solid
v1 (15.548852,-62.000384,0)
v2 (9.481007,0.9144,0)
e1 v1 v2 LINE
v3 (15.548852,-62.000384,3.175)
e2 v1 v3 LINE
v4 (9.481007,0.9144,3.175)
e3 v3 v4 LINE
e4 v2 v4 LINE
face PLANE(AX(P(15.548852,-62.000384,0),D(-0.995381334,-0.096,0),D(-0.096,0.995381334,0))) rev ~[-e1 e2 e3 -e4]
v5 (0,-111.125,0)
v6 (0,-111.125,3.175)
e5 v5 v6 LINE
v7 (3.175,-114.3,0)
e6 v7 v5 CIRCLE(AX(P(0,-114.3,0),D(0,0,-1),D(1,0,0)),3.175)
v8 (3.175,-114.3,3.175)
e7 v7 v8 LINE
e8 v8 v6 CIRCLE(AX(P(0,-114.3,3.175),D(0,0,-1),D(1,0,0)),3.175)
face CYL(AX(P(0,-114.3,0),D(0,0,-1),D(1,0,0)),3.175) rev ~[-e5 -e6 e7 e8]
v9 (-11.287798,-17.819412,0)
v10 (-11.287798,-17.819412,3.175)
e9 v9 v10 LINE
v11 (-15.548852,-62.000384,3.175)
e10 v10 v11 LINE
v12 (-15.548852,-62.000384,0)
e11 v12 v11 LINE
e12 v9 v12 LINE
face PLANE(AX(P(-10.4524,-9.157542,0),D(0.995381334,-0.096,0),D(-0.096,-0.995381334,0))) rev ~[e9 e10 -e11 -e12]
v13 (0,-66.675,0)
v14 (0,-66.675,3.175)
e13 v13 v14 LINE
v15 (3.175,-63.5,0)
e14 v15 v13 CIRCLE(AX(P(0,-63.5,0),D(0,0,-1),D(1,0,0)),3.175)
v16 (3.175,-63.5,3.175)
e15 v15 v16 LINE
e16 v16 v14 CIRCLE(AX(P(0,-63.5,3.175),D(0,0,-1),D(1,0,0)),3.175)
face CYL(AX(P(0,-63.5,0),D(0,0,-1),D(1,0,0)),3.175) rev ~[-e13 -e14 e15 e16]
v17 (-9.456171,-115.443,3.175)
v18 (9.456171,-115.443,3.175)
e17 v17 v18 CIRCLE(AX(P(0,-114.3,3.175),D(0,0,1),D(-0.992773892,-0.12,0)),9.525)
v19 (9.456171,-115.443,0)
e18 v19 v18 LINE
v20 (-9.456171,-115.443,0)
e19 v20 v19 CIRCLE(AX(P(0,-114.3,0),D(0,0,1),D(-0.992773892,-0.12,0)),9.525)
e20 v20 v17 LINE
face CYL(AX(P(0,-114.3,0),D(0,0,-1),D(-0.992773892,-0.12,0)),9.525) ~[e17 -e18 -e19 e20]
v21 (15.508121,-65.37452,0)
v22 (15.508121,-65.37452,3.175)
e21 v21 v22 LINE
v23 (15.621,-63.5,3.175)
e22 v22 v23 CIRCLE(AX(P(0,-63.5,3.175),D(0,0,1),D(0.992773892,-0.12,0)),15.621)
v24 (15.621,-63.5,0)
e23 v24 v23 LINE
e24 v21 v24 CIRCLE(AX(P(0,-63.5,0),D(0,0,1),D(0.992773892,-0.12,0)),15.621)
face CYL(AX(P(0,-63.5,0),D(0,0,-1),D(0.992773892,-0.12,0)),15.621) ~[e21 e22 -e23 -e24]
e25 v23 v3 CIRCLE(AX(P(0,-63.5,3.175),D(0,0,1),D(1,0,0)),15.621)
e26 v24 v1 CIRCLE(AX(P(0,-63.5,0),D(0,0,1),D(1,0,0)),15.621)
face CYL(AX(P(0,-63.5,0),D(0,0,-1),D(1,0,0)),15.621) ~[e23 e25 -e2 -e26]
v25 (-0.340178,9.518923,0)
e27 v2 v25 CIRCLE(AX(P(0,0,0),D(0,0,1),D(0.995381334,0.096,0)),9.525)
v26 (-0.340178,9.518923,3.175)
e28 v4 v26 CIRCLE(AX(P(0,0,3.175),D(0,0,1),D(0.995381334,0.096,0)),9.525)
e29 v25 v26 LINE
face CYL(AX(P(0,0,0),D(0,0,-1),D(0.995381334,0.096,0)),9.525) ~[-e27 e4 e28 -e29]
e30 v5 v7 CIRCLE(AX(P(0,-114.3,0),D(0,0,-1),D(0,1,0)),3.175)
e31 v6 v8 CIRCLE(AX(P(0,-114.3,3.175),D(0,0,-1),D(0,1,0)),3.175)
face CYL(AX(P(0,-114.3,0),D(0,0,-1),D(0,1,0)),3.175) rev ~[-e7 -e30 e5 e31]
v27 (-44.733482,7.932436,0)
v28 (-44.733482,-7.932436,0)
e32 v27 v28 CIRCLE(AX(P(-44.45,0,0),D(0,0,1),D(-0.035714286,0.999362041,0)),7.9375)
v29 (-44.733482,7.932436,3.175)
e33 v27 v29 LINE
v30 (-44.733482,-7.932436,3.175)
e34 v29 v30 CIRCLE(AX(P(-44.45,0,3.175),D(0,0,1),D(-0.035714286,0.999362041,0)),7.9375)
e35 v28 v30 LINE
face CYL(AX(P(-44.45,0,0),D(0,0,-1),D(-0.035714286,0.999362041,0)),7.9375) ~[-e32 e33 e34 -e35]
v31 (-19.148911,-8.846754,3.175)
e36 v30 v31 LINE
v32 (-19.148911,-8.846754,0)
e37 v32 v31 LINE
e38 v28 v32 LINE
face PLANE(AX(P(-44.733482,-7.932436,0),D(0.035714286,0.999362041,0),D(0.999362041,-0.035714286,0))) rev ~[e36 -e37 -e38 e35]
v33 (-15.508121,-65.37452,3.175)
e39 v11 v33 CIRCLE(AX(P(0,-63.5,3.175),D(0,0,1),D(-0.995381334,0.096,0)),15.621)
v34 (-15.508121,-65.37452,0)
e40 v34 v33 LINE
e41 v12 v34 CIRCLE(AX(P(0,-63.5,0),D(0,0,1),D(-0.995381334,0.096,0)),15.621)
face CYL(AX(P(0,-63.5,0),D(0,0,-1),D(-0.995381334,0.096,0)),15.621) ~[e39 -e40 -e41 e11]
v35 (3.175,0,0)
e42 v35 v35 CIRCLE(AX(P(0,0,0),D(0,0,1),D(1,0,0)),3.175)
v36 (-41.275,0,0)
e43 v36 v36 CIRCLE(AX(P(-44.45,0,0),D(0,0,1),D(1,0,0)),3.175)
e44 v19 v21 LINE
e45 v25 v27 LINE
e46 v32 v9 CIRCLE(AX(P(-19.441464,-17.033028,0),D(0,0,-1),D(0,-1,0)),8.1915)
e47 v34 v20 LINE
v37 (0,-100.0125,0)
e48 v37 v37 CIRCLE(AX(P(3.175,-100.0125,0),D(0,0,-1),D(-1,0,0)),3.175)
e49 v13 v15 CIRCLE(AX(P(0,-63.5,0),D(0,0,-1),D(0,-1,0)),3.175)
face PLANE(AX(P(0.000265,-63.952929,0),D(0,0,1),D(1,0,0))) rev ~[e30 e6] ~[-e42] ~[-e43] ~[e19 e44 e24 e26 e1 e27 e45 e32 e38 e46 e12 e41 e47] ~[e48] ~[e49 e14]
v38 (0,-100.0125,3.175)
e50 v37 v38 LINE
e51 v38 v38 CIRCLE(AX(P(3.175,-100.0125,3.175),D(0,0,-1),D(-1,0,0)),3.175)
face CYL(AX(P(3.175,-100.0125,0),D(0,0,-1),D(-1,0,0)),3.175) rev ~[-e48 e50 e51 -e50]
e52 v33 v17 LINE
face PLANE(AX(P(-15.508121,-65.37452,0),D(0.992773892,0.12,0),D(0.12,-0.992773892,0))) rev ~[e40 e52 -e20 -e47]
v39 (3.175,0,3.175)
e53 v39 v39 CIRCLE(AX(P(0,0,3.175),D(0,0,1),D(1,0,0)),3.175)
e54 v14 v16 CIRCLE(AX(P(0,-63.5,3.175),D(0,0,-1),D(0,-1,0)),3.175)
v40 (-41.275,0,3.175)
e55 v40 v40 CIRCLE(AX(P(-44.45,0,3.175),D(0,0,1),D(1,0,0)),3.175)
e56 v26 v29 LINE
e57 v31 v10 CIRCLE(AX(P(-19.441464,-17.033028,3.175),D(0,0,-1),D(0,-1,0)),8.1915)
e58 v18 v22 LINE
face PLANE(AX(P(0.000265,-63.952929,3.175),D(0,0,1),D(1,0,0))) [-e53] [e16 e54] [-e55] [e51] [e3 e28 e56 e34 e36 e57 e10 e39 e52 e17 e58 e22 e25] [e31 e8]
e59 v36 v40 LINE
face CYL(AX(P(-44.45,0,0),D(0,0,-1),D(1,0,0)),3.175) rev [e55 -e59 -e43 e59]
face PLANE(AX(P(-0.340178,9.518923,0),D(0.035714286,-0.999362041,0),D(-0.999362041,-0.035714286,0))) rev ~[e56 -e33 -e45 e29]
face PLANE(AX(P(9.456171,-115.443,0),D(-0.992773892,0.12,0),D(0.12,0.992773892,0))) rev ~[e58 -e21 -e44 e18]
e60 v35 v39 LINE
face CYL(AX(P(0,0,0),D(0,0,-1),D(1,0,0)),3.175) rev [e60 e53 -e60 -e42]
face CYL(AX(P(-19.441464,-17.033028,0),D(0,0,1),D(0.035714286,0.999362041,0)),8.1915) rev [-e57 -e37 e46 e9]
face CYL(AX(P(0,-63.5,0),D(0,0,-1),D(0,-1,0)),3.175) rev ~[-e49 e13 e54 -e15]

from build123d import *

# Parameters (mm, degrees)
F0_R     = 3.175
F1_DEPTH = 3.175
F2_R     = 8.1915


with BuildPart() as f1:
    # F0 (on Top) → F1 (new body)
    with BuildSketch(Plane.XY):
        with BuildLine():
            ThreePointArc((-15.5081209619, -65.37452), (-10.36179917, -75.1896860078), (0, -79.121))
            ThreePointArc((0, -79.121), (10.36179917, -75.1896860078), (15.5081209619, -65.37452))
            ThreePointArc((15.5081209619, -65.37452), (15.5927547044, -64.4389577876), (15.621, -63.5))
            ThreePointArc((15.621, -63.5), (15.602952529, -62.7493247194), (15.5488518178, -62.000384))
            ThreePointArc((15.5488518178, -62.000384), (0, -47.879), (-15.5488518178, -62.000384))
            ThreePointArc((-15.5488518178, -62.000384), (-15.6198619711, -63.6885550396), (-15.5081209619, -65.37452))
        make_face()
        with BuildLine():
            ThreePointArc((0, -66.675), (-2.2450640303, -61.2549359697), (3.175, -63.5))
            ThreePointArc((3.175, -63.5), (2.2450640303, -65.7450640303), (0, -66.675))
        make_face(mode=Mode.SUBTRACT)
        with BuildLine():
            ThreePointArc((15.5081209619, -65.37452), (10.36179917, -75.1896860078), (0, -79.121))
            Line((0, -79.121), (0, -100.0125))
            Line((0, -100.0125), (0, -104.775))
            ThreePointArc((0, -104.775), (6.7351920908, -107.5648079092), (9.525, -114.3))
            ThreePointArc((9.525, -114.3), (9.5077772588, -114.8725352363), (9.4561713182, -115.443))
            Line((9.4561713182, -115.443), (15.5081209619, -65.37452))
        make_face()
        with BuildLine():
            ThreePointArc((6.35, -100.0125), (3.175, -103.1875), (0, -100.0125))
            ThreePointArc((0, -100.0125), (3.175, -96.8375), (6.35, -100.0125))
        make_face(mode=Mode.SUBTRACT)
        with BuildLine():
            Line((0, -100.0125), (0, -79.121))
            ThreePointArc((0, -79.121), (-10.36179917, -75.1896860078), (-15.5081209619, -65.37452))
            Line((-15.5081209619, -65.37452), (-9.4561713182, -115.443))
            ThreePointArc((-9.4561713182, -115.443), (-7.1278573218, -107.9818297744), (0, -104.775))
            Line((0, -104.775), (0, -100.0125))
        make_face()
        with BuildLine():
            ThreePointArc((9.525, -114.3), (6.7351920908, -107.5648079092), (0, -104.775))
            ThreePointArc((0, -104.775), (-7.1278573218, -107.9818297744), (-9.4561713182, -115.443))
            ThreePointArc((-9.4561713182, -115.443), (0, -123.825), (9.4561713182, -115.443))
            ThreePointArc((9.4561713182, -115.443), (9.5077772588, -114.8725352363), (9.525, -114.3))
        make_face()
        with BuildLine():
            ThreePointArc((3.175, -114.3), (-2.2450640303, -116.5450640303), (0, -111.125))
            ThreePointArc((0, -111.125), (2.2450640303, -112.0549359697), (3.175, -114.3))
        make_face(mode=Mode.SUBTRACT)
        with BuildLine():
            Line((-10.4524001899, -9.157542126), (-15.5488518178, -62.000384))
            ThreePointArc((-15.5488518178, -62.000384), (0, -47.879), (15.5488518178, -62.000384))
            Line((15.5488518178, -62.000384), (9.481007206, 0.9144))
            ThreePointArc((9.481007206, 0.9144), (9.5139954445, 0.4577288296), (9.525, 0))
            ThreePointArc((9.525, 0), (6.6138273175, -6.8544083052), (-0.3401786278, -9.5189234423))
            Line((-0.3401786278, -9.5189234423), (-10.4524001899, -9.157542126))
        make_face()
        with BuildLine():
            Line((-9.481007206, 0.9144), (-10.4524001899, -9.157542126))
            Line((-10.4524001899, -9.157542126), (-0.3401786278, -9.5189234423))
            ThreePointArc((-0.3401786278, -9.5189234423), (-7.164320087, -6.2767939819), (-9.481007206, 0.9144))
        make_face()
        with BuildLine():
            Line((-44.7334821429, -7.9324362036), (-10.4524001899, -9.157542126))
            Line((-10.4524001899, -9.157542126), (-9.481007206, 0.9144))
            ThreePointArc((-9.481007206, 0.9144), (-6.5286581491, 6.9355784022), (-0.3401783155, 9.5189234535))
            Line((-0.3401783155, 9.5189234535), (-44.7334821429, 7.9324362036))
            ThreePointArc((-44.7334821429, 7.9324362036), (-38.9384772185, 5.7120069047), (-36.5125, 0))
            ThreePointArc((-36.5125, 0), (-38.9384772185, -5.7120069047), (-44.7334821429, -7.9324362036))
        make_face()
        with BuildLine():
            ThreePointArc((9.525, 0), (9.5139954445, 0.4577288296), (9.481007206, 0.9144))
            ThreePointArc((9.481007206, 0.9144), (6.2767940994, 7.164319984), (-0.3401783155, 9.5189234535))
            ThreePointArc((-0.3401783155, 9.5189234535), (-6.5286581491, 6.9355784022), (-9.481007206, 0.9144))
            ThreePointArc((-9.481007206, 0.9144), (-7.164320087, -6.2767939819), (-0.3401786278, -9.5189234423))
            ThreePointArc((-0.3401786278, -9.5189234423), (6.6138273175, -6.8544083052), (9.525, 0))
        make_face()
        Circle(F0_R, mode=Mode.SUBTRACT)
        with BuildLine():
            ThreePointArc((-44.7334821429, 7.9324362036), (-52.3875, 0), (-44.7334821429, -7.9324362036))
            ThreePointArc((-44.7334821429, -7.9324362036), (-38.9384772185, -5.7120069047), (-36.5125, 0))
            ThreePointArc((-36.5125, 0), (-38.9384772185, 5.7120069047), (-44.7334821429, 7.9324362036))
        make_face()
        with Locations((-44.45, 0)):
            Circle(F0_R, mode=Mode.SUBTRACT)
    extrude(amount=F1_DEPTH)

    # F2
    f2_edges = [f1.edges().sort_by_distance(p)[0] for p in [
        (-10.4524, -9.157542, 1.5875),
    ]]
    fillet(f2_edges, radius=F2_R)


solid = f1.part
